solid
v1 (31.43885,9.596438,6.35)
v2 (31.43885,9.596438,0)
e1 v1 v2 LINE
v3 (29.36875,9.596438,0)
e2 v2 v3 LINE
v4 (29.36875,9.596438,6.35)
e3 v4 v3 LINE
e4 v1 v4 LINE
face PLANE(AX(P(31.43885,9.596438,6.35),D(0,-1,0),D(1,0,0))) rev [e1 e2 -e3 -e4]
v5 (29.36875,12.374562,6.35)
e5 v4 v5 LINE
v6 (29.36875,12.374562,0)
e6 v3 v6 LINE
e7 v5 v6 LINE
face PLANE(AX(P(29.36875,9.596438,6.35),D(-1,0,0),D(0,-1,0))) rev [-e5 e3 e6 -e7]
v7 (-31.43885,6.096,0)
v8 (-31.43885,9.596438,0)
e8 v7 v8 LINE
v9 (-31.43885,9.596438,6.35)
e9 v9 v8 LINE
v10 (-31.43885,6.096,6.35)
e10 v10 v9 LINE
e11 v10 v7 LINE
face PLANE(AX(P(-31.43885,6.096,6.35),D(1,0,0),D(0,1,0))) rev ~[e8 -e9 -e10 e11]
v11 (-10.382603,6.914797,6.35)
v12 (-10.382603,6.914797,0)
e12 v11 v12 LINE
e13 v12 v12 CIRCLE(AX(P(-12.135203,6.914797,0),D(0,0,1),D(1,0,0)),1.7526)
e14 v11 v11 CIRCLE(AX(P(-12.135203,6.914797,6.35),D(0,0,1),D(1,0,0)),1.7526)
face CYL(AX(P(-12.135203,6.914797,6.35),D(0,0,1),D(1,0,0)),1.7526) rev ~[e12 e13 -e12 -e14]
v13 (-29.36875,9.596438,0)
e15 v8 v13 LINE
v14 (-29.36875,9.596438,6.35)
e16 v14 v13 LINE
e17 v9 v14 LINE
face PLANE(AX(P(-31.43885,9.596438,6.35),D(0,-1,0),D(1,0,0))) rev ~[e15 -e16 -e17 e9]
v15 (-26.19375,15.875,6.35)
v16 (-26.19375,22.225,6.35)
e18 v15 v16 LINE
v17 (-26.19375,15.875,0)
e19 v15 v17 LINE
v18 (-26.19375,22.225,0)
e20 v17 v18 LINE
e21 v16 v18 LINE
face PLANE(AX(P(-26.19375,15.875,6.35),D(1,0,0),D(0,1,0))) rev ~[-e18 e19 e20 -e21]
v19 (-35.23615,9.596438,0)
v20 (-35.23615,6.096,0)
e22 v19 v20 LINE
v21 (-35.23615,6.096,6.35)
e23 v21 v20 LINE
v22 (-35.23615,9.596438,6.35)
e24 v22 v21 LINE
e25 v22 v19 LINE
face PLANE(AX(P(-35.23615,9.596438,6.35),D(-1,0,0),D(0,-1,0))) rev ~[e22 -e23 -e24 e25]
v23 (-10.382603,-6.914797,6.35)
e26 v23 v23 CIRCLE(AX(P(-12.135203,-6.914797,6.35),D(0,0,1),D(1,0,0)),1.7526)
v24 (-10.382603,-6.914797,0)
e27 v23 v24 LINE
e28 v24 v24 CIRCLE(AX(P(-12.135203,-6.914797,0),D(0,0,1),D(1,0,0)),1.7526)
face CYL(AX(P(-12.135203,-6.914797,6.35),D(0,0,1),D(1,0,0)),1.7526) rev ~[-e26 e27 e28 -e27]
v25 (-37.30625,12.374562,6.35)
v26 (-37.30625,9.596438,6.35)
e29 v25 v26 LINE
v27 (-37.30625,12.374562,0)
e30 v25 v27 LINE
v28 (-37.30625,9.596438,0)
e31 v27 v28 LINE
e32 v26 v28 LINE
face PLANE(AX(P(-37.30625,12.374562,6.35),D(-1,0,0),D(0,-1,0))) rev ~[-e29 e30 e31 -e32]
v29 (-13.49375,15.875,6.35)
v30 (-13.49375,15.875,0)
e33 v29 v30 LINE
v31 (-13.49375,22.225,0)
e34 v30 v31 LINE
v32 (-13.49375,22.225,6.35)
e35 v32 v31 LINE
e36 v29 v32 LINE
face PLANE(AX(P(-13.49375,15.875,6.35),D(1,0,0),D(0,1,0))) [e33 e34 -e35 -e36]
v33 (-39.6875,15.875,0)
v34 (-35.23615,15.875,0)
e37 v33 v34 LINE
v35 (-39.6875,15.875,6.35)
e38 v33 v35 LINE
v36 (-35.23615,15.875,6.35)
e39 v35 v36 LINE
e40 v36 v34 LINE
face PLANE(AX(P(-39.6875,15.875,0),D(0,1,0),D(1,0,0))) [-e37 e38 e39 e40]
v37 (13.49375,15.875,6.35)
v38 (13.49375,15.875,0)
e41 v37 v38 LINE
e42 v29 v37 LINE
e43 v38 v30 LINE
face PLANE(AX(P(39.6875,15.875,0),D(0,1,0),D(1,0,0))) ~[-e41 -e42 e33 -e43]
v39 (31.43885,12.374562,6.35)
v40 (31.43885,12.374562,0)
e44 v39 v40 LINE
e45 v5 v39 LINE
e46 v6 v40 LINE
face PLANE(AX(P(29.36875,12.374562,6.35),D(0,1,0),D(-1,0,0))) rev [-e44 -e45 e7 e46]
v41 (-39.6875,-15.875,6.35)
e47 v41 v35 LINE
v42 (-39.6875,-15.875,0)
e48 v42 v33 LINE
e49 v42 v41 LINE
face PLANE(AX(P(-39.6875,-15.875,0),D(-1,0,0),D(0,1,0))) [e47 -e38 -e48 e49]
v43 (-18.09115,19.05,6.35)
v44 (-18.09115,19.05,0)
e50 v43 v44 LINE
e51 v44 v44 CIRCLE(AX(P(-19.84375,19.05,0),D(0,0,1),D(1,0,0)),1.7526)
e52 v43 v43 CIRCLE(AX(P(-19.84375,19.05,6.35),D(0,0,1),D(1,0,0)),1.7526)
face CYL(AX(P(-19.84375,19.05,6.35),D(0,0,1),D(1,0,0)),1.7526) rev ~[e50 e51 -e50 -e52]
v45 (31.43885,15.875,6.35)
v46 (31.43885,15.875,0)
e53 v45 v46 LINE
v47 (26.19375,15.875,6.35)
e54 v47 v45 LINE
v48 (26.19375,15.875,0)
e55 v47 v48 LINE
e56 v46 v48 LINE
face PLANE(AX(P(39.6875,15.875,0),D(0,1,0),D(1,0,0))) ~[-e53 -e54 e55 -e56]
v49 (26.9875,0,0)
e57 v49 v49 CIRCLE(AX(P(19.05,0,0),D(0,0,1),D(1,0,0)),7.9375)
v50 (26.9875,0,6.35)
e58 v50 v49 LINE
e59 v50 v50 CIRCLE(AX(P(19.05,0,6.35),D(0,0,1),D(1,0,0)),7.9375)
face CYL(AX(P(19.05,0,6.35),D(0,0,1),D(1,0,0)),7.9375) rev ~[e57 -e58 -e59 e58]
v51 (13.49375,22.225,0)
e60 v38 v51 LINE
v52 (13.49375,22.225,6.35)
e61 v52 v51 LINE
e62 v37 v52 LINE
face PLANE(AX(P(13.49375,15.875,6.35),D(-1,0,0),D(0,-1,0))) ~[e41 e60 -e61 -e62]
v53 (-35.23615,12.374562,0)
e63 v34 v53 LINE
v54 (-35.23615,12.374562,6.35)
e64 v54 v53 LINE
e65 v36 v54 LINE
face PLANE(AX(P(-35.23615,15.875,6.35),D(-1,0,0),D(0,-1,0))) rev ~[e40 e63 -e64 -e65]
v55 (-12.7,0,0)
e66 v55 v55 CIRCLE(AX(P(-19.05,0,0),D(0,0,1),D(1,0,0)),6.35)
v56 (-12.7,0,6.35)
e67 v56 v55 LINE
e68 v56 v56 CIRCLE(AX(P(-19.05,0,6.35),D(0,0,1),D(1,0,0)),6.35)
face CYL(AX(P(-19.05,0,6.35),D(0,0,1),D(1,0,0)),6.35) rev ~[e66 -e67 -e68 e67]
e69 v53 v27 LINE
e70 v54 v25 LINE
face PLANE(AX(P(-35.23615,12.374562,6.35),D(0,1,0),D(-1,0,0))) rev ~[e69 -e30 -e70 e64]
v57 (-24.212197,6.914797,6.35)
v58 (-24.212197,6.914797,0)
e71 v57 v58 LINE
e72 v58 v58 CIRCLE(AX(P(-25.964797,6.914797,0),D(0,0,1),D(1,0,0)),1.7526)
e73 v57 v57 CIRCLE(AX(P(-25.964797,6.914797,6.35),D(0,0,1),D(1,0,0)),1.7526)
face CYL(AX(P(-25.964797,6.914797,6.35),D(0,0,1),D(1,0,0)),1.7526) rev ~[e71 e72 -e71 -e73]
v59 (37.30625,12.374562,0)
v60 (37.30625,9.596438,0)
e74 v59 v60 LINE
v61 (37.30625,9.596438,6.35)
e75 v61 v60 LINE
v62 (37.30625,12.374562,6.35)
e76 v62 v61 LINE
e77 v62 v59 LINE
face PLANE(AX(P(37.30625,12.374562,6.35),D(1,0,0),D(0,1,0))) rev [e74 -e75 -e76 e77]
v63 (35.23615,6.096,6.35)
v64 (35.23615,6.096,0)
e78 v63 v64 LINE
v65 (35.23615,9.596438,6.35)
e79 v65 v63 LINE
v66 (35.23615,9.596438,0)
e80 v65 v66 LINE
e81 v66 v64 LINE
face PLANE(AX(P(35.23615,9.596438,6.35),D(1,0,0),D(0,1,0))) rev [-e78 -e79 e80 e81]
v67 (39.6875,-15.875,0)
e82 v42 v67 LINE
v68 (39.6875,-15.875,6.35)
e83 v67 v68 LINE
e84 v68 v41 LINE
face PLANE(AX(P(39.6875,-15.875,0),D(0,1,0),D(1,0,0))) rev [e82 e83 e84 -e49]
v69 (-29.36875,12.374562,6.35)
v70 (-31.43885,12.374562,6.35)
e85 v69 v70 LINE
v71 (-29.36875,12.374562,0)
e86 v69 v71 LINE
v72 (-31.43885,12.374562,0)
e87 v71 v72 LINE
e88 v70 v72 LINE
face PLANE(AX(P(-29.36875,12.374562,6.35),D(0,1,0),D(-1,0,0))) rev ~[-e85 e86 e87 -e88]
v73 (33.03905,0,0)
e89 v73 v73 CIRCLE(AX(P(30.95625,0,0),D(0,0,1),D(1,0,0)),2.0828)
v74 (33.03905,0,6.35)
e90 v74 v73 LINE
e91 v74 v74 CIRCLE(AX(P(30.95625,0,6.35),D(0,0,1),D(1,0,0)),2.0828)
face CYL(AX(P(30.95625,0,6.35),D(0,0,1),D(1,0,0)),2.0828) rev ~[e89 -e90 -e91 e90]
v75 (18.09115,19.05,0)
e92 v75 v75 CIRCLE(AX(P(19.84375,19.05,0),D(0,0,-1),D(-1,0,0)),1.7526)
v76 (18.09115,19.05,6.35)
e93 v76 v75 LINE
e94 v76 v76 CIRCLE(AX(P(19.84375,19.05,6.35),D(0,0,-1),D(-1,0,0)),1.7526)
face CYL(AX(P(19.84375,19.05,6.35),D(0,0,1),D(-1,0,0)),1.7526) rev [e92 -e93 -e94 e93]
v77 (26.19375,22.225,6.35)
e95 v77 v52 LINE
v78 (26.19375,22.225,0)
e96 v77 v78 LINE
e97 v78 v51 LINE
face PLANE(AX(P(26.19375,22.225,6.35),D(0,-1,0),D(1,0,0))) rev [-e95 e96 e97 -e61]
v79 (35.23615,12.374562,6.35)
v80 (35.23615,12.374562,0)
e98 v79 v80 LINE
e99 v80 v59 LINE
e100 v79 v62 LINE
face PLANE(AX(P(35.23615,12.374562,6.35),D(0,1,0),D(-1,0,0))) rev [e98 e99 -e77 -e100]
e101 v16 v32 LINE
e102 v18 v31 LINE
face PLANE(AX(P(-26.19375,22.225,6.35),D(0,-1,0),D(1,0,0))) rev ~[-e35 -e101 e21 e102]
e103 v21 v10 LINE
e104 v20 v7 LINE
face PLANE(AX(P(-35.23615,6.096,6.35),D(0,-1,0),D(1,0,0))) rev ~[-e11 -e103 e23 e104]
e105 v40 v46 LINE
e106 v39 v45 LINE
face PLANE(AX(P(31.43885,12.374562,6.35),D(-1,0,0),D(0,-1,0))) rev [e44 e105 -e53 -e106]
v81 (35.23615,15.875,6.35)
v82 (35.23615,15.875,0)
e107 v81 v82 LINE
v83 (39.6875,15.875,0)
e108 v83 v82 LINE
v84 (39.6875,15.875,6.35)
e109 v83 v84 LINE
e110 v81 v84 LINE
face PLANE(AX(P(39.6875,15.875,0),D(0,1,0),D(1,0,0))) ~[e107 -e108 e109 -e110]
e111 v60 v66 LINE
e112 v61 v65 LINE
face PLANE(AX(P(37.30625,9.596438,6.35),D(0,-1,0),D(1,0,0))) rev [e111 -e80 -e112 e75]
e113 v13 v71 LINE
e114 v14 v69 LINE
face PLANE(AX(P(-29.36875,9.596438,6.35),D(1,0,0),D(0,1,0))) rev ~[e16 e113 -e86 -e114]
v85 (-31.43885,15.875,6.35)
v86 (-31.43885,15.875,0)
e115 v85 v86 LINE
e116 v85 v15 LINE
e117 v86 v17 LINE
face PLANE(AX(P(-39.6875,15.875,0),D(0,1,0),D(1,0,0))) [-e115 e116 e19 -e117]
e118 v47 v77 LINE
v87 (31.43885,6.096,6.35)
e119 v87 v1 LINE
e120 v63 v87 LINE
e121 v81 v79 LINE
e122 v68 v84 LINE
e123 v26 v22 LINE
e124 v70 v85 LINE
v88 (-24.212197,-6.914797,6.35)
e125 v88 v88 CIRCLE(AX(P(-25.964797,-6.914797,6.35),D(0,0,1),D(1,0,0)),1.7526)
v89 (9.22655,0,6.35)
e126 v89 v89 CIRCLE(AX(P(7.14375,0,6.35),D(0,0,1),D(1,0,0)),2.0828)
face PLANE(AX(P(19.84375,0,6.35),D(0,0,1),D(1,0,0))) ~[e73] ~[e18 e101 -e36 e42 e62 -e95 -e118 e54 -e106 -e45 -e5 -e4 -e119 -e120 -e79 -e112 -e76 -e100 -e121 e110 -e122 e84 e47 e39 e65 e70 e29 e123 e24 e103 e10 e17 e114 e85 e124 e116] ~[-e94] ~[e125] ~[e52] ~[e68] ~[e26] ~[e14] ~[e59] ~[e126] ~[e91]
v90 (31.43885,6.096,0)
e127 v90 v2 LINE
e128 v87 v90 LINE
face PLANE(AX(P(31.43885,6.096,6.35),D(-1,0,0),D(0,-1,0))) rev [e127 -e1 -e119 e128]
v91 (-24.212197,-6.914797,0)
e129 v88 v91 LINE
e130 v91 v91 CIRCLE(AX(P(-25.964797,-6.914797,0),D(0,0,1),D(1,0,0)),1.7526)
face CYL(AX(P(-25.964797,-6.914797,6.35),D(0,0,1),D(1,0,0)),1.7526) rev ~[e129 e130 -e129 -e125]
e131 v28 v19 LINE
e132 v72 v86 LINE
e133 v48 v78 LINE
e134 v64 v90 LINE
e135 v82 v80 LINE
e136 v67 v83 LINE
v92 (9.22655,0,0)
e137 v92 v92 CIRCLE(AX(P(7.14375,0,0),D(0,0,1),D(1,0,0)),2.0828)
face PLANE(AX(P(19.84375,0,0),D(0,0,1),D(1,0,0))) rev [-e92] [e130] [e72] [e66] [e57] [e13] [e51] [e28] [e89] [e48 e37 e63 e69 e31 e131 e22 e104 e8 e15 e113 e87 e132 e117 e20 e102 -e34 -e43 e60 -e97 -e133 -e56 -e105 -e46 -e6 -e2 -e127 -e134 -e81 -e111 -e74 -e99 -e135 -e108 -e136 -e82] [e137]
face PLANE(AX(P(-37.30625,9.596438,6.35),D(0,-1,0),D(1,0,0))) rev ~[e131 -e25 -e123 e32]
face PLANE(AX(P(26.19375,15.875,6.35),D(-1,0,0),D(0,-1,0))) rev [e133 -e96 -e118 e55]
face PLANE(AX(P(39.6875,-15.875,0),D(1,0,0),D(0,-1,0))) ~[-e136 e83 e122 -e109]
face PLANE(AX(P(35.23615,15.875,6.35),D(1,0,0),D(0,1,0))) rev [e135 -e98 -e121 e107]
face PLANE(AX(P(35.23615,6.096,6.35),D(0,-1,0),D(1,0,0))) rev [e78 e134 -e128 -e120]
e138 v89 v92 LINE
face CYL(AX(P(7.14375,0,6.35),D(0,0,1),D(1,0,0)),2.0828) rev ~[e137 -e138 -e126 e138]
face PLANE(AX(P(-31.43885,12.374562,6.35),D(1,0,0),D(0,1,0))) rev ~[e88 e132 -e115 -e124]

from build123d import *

# Parameters (mm, degrees)
SKETCH1_W           = 39.6875
SKETCH1_H           = 31.75
BOSS_EXTRUDE1_DEPTH = 6.35
SKETCH2_R           = 6.35
SKETCH2_R_2         = 1.7526
CUT_EXTRUDE1_DEPTH  = 6.35
CUT_EXTRUDE4_DEPTH  = 6.35
SKETCH4_W           = 12.7
SKETCH4_H           = 6.35
SKETCH4_R           = 1.7526
BOSS_EXTRUDE2_DEPTH = 6.35
SKETCH5_R           = 7.9375
SKETCH5_R_2         = 2.0828
CUT_EXTRUDE3_DEPTH  = 6.35


with BuildPart() as part:
    # Sketch1 → Boss-Extrude1 (new body)
    with BuildSketch(Plane.XY):
        with Locations((-19.84375, 0)):
            Rectangle(SKETCH1_W, SKETCH1_H)
    boss_extrude1 = extrude(amount=BOSS_EXTRUDE1_DEPTH)

    # Sketch2 → Cut-Extrude1 (cut)
    with BuildSketch(Plane.XY.offset(6.35)):
        with Locations((-19.05, 0)):
            Circle(SKETCH2_R)
        with Locations((-25.964797213, 6.914797213)):
            Circle(SKETCH2_R_2)
        with Locations((-12.135202787, 6.914797213)):
            Circle(SKETCH2_R_2)
        with Locations((-12.135202787, -6.914797213)):
            Circle(SKETCH2_R_2)
        with Locations((-25.964797213, -6.914797213)):
            Circle(SKETCH2_R_2)
    extrude(amount=-CUT_EXTRUDE1_DEPTH, mode=Mode.SUBTRACT)

    # Sketch3 → Cut-Extrude4 (cut)
    with BuildSketch(Plane.XY.offset(6.35)):
        Polygon((-35.23615, 6.096), (-31.43885, 6.096), (-31.43885, 9.5964375), (-29.36875, 9.5964375), (-29.36875, 12.3745625), (-31.43885, 12.3745625), (-31.43885, 15.875), (-35.23615, 15.875), (-35.23615, 12.3745625), (-37.30625, 12.3745625), (-37.30625, 9.5964375), (-35.23615, 9.5964375), align=None)
    cut_extrude4 = extrude(amount=-CUT_EXTRUDE4_DEPTH, mode=Mode.SUBTRACT)

    # Sketch4 → Boss-Extrude2 (add)
    with BuildSketch(Plane.XY.offset(6.35)):
        with Locations((-19.84375, 19.05)):
            Rectangle(SKETCH4_W, SKETCH4_H)
        with Locations((-19.84375, 19.05)):
            Circle(SKETCH4_R, mode=Mode.SUBTRACT)
    boss_extrude2 = extrude(amount=-BOSS_EXTRUDE2_DEPTH)

    # Mirror1: Boss-Extrude1, Cut-Extrude4, Boss-Extrude2 across plane
    add(boss_extrude1.mirror(Plane(origin=(0, -15.875, 6.35), x_dir=(0, 0, 1), z_dir=(-1, 0, 0))))
    add(cut_extrude4.mirror(Plane(origin=(0, -15.875, 6.35), x_dir=(0, 0, 1), z_dir=(-1, 0, 0))), mode=Mode.SUBTRACT)
    add(boss_extrude2.mirror(Plane(origin=(0, -15.875, 6.35), x_dir=(0, 0, 1), z_dir=(-1, 0, 0))))

    # Sketch5 → Cut-Extrude3 (cut)
    with BuildSketch(Plane.XY.offset(6.35)):
        with Locations((19.05, 0)):
            Circle(SKETCH5_R)
        with Locations((7.14375, 0)):
            Circle(SKETCH5_R_2)
        with Locations((30.95625, 0)):
            Circle(SKETCH5_R_2)
    extrude(amount=-CUT_EXTRUDE3_DEPTH, mode=Mode.SUBTRACT)


solid = part.part
